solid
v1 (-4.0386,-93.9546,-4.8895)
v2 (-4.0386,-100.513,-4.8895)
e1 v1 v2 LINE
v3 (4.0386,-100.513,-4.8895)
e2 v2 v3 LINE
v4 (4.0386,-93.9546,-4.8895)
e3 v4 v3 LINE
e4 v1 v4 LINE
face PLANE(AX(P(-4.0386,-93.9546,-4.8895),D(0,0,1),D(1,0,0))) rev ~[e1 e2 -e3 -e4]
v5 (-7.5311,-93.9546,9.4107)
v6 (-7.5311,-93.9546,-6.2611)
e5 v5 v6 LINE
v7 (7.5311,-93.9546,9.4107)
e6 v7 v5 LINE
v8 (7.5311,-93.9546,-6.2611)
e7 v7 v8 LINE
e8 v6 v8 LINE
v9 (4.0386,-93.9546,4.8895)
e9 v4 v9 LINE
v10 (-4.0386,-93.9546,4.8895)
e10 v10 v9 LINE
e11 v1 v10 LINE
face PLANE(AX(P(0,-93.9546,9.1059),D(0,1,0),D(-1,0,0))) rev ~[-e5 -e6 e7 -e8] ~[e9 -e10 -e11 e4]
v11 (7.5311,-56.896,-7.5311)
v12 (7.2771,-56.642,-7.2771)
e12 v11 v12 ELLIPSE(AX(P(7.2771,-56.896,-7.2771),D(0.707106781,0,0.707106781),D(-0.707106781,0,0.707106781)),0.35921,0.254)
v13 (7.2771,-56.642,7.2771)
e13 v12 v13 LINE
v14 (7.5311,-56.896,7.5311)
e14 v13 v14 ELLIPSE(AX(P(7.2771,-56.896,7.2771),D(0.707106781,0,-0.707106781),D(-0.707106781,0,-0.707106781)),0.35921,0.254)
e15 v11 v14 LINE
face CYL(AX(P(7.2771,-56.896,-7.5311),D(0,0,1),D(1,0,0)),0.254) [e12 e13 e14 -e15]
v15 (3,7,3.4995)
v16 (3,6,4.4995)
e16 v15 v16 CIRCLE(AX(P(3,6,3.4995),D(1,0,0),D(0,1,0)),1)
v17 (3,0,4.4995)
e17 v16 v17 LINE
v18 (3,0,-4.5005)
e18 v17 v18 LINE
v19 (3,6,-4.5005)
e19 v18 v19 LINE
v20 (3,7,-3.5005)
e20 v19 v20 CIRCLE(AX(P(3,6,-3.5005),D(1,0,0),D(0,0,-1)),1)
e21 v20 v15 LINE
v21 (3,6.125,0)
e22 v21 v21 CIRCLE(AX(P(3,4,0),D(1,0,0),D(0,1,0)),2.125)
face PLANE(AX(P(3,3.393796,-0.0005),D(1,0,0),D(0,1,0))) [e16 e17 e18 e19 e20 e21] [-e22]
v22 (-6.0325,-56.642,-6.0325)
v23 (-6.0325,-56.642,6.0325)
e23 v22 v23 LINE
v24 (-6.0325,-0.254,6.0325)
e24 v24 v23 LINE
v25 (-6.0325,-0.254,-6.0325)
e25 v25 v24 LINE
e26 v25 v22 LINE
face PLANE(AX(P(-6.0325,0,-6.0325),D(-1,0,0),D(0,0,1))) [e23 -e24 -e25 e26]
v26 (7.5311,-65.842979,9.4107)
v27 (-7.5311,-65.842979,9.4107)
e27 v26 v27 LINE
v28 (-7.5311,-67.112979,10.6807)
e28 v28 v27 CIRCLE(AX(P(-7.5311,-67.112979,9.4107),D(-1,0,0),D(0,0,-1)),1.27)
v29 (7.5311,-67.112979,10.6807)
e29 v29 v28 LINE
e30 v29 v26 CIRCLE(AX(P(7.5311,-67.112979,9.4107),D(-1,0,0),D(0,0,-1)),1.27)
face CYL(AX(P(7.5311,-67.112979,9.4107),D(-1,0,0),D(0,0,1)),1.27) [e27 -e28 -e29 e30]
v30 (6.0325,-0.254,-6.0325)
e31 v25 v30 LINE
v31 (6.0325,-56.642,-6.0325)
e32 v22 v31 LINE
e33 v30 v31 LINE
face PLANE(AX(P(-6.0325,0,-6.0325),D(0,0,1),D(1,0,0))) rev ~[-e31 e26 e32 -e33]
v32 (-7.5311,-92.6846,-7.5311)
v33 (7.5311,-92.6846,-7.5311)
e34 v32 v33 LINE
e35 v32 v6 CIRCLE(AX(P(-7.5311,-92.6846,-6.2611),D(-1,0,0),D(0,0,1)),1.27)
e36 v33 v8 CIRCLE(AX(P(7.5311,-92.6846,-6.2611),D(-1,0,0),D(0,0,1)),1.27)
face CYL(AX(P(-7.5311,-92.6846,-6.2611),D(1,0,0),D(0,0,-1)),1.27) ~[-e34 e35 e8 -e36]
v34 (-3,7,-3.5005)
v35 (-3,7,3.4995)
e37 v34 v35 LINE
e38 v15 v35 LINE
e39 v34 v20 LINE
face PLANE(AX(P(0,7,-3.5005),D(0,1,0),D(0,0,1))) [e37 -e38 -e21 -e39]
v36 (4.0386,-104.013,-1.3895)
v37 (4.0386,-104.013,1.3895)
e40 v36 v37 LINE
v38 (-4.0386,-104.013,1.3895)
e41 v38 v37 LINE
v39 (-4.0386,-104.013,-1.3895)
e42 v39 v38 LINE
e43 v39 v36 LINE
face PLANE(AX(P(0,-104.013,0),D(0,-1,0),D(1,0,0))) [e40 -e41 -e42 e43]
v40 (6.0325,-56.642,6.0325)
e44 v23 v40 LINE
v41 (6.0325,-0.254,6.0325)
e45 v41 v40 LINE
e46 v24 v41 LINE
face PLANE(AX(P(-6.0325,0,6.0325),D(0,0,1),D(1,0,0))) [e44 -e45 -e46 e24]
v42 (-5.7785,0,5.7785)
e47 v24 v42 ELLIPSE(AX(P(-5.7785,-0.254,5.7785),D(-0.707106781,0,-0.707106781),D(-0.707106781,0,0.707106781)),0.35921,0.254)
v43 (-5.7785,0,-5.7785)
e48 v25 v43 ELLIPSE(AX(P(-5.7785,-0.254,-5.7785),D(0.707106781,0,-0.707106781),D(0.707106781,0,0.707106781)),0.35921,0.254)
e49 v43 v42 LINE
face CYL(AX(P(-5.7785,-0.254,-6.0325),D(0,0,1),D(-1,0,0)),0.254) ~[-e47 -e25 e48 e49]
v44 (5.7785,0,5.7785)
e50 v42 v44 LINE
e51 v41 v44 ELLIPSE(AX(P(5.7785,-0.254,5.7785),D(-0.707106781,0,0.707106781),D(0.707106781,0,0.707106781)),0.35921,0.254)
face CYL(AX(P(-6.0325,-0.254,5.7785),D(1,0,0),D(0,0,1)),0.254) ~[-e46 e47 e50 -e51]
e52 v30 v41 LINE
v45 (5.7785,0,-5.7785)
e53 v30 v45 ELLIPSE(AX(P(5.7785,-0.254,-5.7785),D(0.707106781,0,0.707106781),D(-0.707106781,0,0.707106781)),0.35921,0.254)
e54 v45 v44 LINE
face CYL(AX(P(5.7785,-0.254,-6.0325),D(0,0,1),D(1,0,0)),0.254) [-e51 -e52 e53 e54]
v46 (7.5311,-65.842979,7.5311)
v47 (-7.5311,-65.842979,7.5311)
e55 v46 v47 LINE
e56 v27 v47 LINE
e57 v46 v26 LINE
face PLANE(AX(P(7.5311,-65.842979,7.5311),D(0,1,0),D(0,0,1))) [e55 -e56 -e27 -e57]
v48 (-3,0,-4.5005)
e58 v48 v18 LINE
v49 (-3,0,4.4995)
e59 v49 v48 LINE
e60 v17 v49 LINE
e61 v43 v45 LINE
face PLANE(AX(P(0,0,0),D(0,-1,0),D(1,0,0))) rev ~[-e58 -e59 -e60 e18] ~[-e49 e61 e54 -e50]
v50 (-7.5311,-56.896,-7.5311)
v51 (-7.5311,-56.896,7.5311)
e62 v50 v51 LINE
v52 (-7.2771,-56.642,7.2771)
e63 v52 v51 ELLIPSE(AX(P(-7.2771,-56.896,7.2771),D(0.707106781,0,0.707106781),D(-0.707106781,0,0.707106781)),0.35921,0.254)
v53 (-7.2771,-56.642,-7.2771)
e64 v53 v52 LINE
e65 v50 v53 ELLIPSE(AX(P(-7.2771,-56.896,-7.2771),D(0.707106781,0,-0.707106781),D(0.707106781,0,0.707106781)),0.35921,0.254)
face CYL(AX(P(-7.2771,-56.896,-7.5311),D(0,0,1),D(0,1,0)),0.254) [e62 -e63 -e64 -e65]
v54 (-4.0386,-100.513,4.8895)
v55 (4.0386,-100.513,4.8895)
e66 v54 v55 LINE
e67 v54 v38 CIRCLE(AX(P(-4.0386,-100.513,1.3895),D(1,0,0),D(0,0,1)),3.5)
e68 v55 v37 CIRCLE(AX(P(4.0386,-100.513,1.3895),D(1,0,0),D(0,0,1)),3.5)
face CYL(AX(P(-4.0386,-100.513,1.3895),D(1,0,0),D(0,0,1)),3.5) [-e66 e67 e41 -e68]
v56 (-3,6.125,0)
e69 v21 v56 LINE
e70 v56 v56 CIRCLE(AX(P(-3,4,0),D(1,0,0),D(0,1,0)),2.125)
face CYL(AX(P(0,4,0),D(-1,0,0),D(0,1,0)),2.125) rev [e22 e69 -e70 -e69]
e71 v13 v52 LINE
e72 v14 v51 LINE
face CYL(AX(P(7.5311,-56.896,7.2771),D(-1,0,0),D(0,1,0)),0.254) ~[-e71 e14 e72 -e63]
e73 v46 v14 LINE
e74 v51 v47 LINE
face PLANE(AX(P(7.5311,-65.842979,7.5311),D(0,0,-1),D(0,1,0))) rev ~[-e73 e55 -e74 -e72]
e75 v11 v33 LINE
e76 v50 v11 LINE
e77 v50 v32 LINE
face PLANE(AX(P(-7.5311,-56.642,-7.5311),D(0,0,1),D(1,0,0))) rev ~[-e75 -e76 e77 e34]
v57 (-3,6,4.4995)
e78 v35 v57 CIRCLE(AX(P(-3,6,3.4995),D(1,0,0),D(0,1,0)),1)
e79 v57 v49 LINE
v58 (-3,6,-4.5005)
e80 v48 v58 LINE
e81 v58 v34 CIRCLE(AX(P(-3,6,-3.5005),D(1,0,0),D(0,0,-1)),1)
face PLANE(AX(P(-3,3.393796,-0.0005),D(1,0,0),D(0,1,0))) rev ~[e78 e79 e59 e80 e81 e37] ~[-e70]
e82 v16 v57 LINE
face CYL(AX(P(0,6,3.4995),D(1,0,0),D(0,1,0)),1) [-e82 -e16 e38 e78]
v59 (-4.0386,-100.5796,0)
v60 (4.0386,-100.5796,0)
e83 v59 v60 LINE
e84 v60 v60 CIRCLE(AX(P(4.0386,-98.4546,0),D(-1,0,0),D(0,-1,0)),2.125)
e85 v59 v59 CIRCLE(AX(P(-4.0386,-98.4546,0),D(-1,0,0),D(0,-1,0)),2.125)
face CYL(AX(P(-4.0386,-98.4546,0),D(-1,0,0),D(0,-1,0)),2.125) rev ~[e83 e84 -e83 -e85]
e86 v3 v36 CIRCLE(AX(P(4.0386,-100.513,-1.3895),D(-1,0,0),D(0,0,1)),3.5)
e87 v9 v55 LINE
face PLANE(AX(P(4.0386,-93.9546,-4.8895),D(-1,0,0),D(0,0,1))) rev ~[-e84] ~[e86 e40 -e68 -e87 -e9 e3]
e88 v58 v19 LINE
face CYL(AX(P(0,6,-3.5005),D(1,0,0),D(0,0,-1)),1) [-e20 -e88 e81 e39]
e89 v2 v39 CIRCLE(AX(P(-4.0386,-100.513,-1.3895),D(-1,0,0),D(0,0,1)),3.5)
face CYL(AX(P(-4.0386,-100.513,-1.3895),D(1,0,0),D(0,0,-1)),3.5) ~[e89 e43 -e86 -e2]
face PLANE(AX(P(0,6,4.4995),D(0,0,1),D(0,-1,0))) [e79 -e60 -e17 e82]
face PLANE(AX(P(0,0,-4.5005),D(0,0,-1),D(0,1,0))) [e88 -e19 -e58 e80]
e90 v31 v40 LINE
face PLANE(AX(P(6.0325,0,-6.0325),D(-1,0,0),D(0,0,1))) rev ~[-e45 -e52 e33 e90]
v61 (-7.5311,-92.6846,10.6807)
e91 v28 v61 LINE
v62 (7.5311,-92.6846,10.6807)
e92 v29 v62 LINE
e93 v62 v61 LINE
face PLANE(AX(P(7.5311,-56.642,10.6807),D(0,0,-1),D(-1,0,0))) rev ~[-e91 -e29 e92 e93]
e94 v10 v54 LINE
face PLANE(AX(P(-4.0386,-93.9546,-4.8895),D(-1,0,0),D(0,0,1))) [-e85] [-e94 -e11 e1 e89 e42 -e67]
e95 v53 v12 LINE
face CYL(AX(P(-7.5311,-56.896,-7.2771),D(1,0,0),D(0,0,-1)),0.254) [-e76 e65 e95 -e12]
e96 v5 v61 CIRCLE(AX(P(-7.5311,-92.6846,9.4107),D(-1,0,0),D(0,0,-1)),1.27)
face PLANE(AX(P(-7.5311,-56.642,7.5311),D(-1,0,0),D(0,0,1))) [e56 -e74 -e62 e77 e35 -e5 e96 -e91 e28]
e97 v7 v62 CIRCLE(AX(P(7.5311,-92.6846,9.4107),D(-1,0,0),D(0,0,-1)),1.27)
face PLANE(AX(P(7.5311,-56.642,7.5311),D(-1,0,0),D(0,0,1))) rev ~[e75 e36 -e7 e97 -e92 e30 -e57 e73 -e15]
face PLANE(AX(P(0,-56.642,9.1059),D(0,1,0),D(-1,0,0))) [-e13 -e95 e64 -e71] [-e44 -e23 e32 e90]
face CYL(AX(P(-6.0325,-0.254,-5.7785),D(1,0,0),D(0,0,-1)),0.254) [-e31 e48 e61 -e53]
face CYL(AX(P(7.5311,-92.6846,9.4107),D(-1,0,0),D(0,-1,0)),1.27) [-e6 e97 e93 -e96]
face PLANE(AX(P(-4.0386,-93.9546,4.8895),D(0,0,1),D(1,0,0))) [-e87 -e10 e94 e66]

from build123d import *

# Parameters (mm, degrees)
F0_W      = 12.065
F0_H      = 12.065
F1_DEPTH  = 56.642
F2_W      = 15.0622
F2_H      = 15.0622
F2_W_2    = 12.065
F2_H_2    = 12.065
F3_DEPTH  = 37.3126
F4_W      = 15.0622
F4_H      = 3.1496
F5_DEPTH  = 37.3126
F6_W      = 9.2009786564
F6_H      = 3.1496
F7_DEPTH  = 254
F8_R      = 0.254
F9_R      = 1.27
F10_W     = 8.0772
F10_H     = 9.779
F11_DEPTH = 10.0584
F12_R     = 2.125
F13_DEPTH = 25
F14_R     = 3.5
F16_R     = 2.125
F17_DEPTH = 3


with BuildPart() as f1:
    # F0 (on Front) → F1 (new body)
    with BuildSketch(Plane.XZ):
        Rectangle(F0_W, F0_H)
    extrude(amount=F1_DEPTH)

    # F2 (on face) → F3 (join)
    with BuildSketch(Plane.XZ.offset(56.642)):
        Rectangle(F2_W, F2_H)
        Rectangle(F2_W_2, F2_H_2, mode=Mode.SUBTRACT)
        Rectangle(F2_W_2, F2_H_2)
    extrude(amount=F3_DEPTH)

    # F4 (on face) → F5 (join, through all)
    with BuildSketch(Plane(origin=(0, -56.642, 0), x_dir=(-1, 0, 0), z_dir=(0, 1, 0))):
        with Locations((0, 9.1059)):
            Rectangle(F4_W, F4_H)
    extrude(amount=-F5_DEPTH)

    # F6 (on face) → F7 (cut)
    with BuildSketch(Plane.YZ.offset(7.5311)):
        with Locations((-61.2424893282, 9.1059)):
            Rectangle(F6_W, F6_H)
    extrude(amount=-F7_DEPTH, mode=Mode.SUBTRACT)

    # F8
    f8_edges = [f1.edges().sort_by_distance(p)[0] for p in [
        (0, -56.642, 7.5311),
        (7.5311, -56.642, 0),
        (0, -56.642, -7.5311),
        (-7.5311, -56.642, 0),
        (-6.0325, 0, 0),
        (0, 0, 6.0325),
        (6.0325, 0, 0),
        (0, 0, -6.0325),
    ]]
    fillet(f8_edges, radius=F8_R)

    # F9
    f9_edges = [f1.edges().sort_by_distance(p)[0] for p in [
        (0, -65.842979, 10.6807),
        (0, -93.9546, 10.6807),
        (0, -93.9546, -7.5311),
    ]]
    fillet(f9_edges, radius=F9_R)

    # F10 (on face) → F11 (join)
    with BuildSketch(Plane.XZ.offset(93.9546)):
        Rectangle(F10_W, F10_H)
    extrude(amount=F11_DEPTH)

    # F12 (on face) → F13 (cut)
    with BuildSketch(Plane(origin=(-4.0386, 0, 0), x_dir=(0, -1, 0), z_dir=(-1, 0, 0))):
        with Locations((98.4546, 0)):
            Circle(F12_R)
    extrude(amount=-F13_DEPTH, mode=Mode.SUBTRACT)

    # F14
    f14_edges = [f1.edges().sort_by_distance(p)[0] for p in [
        (0, -104.013, 4.8895),
        (0, -104.013, -4.8895),
    ]]
    fillet(f14_edges, radius=F14_R)

    # F16 (on Right) → F17 (join, symmetric)
    with BuildSketch(Plane.YZ):
        with BuildLine():
            Line((0, 4.4995), (0, -4.5005))
            Line((0, -4.5005), (6, -4.5005))
            ThreePointArc((6, -4.5005), (6.7071067812, -4.2076067812), (7, -3.5005))
            Line((7, -3.5005), (7, 3.4995))
            ThreePointArc((7, 3.4995), (6.7071067812, 4.2066067812), (6, 4.4995))
            Line((6, 4.4995), (0, 4.4995))
        make_face()
        with Locations((4, 0)):
            Circle(F16_R, mode=Mode.SUBTRACT)
    extrude(amount=F17_DEPTH, both=True)


solid = f1.part
